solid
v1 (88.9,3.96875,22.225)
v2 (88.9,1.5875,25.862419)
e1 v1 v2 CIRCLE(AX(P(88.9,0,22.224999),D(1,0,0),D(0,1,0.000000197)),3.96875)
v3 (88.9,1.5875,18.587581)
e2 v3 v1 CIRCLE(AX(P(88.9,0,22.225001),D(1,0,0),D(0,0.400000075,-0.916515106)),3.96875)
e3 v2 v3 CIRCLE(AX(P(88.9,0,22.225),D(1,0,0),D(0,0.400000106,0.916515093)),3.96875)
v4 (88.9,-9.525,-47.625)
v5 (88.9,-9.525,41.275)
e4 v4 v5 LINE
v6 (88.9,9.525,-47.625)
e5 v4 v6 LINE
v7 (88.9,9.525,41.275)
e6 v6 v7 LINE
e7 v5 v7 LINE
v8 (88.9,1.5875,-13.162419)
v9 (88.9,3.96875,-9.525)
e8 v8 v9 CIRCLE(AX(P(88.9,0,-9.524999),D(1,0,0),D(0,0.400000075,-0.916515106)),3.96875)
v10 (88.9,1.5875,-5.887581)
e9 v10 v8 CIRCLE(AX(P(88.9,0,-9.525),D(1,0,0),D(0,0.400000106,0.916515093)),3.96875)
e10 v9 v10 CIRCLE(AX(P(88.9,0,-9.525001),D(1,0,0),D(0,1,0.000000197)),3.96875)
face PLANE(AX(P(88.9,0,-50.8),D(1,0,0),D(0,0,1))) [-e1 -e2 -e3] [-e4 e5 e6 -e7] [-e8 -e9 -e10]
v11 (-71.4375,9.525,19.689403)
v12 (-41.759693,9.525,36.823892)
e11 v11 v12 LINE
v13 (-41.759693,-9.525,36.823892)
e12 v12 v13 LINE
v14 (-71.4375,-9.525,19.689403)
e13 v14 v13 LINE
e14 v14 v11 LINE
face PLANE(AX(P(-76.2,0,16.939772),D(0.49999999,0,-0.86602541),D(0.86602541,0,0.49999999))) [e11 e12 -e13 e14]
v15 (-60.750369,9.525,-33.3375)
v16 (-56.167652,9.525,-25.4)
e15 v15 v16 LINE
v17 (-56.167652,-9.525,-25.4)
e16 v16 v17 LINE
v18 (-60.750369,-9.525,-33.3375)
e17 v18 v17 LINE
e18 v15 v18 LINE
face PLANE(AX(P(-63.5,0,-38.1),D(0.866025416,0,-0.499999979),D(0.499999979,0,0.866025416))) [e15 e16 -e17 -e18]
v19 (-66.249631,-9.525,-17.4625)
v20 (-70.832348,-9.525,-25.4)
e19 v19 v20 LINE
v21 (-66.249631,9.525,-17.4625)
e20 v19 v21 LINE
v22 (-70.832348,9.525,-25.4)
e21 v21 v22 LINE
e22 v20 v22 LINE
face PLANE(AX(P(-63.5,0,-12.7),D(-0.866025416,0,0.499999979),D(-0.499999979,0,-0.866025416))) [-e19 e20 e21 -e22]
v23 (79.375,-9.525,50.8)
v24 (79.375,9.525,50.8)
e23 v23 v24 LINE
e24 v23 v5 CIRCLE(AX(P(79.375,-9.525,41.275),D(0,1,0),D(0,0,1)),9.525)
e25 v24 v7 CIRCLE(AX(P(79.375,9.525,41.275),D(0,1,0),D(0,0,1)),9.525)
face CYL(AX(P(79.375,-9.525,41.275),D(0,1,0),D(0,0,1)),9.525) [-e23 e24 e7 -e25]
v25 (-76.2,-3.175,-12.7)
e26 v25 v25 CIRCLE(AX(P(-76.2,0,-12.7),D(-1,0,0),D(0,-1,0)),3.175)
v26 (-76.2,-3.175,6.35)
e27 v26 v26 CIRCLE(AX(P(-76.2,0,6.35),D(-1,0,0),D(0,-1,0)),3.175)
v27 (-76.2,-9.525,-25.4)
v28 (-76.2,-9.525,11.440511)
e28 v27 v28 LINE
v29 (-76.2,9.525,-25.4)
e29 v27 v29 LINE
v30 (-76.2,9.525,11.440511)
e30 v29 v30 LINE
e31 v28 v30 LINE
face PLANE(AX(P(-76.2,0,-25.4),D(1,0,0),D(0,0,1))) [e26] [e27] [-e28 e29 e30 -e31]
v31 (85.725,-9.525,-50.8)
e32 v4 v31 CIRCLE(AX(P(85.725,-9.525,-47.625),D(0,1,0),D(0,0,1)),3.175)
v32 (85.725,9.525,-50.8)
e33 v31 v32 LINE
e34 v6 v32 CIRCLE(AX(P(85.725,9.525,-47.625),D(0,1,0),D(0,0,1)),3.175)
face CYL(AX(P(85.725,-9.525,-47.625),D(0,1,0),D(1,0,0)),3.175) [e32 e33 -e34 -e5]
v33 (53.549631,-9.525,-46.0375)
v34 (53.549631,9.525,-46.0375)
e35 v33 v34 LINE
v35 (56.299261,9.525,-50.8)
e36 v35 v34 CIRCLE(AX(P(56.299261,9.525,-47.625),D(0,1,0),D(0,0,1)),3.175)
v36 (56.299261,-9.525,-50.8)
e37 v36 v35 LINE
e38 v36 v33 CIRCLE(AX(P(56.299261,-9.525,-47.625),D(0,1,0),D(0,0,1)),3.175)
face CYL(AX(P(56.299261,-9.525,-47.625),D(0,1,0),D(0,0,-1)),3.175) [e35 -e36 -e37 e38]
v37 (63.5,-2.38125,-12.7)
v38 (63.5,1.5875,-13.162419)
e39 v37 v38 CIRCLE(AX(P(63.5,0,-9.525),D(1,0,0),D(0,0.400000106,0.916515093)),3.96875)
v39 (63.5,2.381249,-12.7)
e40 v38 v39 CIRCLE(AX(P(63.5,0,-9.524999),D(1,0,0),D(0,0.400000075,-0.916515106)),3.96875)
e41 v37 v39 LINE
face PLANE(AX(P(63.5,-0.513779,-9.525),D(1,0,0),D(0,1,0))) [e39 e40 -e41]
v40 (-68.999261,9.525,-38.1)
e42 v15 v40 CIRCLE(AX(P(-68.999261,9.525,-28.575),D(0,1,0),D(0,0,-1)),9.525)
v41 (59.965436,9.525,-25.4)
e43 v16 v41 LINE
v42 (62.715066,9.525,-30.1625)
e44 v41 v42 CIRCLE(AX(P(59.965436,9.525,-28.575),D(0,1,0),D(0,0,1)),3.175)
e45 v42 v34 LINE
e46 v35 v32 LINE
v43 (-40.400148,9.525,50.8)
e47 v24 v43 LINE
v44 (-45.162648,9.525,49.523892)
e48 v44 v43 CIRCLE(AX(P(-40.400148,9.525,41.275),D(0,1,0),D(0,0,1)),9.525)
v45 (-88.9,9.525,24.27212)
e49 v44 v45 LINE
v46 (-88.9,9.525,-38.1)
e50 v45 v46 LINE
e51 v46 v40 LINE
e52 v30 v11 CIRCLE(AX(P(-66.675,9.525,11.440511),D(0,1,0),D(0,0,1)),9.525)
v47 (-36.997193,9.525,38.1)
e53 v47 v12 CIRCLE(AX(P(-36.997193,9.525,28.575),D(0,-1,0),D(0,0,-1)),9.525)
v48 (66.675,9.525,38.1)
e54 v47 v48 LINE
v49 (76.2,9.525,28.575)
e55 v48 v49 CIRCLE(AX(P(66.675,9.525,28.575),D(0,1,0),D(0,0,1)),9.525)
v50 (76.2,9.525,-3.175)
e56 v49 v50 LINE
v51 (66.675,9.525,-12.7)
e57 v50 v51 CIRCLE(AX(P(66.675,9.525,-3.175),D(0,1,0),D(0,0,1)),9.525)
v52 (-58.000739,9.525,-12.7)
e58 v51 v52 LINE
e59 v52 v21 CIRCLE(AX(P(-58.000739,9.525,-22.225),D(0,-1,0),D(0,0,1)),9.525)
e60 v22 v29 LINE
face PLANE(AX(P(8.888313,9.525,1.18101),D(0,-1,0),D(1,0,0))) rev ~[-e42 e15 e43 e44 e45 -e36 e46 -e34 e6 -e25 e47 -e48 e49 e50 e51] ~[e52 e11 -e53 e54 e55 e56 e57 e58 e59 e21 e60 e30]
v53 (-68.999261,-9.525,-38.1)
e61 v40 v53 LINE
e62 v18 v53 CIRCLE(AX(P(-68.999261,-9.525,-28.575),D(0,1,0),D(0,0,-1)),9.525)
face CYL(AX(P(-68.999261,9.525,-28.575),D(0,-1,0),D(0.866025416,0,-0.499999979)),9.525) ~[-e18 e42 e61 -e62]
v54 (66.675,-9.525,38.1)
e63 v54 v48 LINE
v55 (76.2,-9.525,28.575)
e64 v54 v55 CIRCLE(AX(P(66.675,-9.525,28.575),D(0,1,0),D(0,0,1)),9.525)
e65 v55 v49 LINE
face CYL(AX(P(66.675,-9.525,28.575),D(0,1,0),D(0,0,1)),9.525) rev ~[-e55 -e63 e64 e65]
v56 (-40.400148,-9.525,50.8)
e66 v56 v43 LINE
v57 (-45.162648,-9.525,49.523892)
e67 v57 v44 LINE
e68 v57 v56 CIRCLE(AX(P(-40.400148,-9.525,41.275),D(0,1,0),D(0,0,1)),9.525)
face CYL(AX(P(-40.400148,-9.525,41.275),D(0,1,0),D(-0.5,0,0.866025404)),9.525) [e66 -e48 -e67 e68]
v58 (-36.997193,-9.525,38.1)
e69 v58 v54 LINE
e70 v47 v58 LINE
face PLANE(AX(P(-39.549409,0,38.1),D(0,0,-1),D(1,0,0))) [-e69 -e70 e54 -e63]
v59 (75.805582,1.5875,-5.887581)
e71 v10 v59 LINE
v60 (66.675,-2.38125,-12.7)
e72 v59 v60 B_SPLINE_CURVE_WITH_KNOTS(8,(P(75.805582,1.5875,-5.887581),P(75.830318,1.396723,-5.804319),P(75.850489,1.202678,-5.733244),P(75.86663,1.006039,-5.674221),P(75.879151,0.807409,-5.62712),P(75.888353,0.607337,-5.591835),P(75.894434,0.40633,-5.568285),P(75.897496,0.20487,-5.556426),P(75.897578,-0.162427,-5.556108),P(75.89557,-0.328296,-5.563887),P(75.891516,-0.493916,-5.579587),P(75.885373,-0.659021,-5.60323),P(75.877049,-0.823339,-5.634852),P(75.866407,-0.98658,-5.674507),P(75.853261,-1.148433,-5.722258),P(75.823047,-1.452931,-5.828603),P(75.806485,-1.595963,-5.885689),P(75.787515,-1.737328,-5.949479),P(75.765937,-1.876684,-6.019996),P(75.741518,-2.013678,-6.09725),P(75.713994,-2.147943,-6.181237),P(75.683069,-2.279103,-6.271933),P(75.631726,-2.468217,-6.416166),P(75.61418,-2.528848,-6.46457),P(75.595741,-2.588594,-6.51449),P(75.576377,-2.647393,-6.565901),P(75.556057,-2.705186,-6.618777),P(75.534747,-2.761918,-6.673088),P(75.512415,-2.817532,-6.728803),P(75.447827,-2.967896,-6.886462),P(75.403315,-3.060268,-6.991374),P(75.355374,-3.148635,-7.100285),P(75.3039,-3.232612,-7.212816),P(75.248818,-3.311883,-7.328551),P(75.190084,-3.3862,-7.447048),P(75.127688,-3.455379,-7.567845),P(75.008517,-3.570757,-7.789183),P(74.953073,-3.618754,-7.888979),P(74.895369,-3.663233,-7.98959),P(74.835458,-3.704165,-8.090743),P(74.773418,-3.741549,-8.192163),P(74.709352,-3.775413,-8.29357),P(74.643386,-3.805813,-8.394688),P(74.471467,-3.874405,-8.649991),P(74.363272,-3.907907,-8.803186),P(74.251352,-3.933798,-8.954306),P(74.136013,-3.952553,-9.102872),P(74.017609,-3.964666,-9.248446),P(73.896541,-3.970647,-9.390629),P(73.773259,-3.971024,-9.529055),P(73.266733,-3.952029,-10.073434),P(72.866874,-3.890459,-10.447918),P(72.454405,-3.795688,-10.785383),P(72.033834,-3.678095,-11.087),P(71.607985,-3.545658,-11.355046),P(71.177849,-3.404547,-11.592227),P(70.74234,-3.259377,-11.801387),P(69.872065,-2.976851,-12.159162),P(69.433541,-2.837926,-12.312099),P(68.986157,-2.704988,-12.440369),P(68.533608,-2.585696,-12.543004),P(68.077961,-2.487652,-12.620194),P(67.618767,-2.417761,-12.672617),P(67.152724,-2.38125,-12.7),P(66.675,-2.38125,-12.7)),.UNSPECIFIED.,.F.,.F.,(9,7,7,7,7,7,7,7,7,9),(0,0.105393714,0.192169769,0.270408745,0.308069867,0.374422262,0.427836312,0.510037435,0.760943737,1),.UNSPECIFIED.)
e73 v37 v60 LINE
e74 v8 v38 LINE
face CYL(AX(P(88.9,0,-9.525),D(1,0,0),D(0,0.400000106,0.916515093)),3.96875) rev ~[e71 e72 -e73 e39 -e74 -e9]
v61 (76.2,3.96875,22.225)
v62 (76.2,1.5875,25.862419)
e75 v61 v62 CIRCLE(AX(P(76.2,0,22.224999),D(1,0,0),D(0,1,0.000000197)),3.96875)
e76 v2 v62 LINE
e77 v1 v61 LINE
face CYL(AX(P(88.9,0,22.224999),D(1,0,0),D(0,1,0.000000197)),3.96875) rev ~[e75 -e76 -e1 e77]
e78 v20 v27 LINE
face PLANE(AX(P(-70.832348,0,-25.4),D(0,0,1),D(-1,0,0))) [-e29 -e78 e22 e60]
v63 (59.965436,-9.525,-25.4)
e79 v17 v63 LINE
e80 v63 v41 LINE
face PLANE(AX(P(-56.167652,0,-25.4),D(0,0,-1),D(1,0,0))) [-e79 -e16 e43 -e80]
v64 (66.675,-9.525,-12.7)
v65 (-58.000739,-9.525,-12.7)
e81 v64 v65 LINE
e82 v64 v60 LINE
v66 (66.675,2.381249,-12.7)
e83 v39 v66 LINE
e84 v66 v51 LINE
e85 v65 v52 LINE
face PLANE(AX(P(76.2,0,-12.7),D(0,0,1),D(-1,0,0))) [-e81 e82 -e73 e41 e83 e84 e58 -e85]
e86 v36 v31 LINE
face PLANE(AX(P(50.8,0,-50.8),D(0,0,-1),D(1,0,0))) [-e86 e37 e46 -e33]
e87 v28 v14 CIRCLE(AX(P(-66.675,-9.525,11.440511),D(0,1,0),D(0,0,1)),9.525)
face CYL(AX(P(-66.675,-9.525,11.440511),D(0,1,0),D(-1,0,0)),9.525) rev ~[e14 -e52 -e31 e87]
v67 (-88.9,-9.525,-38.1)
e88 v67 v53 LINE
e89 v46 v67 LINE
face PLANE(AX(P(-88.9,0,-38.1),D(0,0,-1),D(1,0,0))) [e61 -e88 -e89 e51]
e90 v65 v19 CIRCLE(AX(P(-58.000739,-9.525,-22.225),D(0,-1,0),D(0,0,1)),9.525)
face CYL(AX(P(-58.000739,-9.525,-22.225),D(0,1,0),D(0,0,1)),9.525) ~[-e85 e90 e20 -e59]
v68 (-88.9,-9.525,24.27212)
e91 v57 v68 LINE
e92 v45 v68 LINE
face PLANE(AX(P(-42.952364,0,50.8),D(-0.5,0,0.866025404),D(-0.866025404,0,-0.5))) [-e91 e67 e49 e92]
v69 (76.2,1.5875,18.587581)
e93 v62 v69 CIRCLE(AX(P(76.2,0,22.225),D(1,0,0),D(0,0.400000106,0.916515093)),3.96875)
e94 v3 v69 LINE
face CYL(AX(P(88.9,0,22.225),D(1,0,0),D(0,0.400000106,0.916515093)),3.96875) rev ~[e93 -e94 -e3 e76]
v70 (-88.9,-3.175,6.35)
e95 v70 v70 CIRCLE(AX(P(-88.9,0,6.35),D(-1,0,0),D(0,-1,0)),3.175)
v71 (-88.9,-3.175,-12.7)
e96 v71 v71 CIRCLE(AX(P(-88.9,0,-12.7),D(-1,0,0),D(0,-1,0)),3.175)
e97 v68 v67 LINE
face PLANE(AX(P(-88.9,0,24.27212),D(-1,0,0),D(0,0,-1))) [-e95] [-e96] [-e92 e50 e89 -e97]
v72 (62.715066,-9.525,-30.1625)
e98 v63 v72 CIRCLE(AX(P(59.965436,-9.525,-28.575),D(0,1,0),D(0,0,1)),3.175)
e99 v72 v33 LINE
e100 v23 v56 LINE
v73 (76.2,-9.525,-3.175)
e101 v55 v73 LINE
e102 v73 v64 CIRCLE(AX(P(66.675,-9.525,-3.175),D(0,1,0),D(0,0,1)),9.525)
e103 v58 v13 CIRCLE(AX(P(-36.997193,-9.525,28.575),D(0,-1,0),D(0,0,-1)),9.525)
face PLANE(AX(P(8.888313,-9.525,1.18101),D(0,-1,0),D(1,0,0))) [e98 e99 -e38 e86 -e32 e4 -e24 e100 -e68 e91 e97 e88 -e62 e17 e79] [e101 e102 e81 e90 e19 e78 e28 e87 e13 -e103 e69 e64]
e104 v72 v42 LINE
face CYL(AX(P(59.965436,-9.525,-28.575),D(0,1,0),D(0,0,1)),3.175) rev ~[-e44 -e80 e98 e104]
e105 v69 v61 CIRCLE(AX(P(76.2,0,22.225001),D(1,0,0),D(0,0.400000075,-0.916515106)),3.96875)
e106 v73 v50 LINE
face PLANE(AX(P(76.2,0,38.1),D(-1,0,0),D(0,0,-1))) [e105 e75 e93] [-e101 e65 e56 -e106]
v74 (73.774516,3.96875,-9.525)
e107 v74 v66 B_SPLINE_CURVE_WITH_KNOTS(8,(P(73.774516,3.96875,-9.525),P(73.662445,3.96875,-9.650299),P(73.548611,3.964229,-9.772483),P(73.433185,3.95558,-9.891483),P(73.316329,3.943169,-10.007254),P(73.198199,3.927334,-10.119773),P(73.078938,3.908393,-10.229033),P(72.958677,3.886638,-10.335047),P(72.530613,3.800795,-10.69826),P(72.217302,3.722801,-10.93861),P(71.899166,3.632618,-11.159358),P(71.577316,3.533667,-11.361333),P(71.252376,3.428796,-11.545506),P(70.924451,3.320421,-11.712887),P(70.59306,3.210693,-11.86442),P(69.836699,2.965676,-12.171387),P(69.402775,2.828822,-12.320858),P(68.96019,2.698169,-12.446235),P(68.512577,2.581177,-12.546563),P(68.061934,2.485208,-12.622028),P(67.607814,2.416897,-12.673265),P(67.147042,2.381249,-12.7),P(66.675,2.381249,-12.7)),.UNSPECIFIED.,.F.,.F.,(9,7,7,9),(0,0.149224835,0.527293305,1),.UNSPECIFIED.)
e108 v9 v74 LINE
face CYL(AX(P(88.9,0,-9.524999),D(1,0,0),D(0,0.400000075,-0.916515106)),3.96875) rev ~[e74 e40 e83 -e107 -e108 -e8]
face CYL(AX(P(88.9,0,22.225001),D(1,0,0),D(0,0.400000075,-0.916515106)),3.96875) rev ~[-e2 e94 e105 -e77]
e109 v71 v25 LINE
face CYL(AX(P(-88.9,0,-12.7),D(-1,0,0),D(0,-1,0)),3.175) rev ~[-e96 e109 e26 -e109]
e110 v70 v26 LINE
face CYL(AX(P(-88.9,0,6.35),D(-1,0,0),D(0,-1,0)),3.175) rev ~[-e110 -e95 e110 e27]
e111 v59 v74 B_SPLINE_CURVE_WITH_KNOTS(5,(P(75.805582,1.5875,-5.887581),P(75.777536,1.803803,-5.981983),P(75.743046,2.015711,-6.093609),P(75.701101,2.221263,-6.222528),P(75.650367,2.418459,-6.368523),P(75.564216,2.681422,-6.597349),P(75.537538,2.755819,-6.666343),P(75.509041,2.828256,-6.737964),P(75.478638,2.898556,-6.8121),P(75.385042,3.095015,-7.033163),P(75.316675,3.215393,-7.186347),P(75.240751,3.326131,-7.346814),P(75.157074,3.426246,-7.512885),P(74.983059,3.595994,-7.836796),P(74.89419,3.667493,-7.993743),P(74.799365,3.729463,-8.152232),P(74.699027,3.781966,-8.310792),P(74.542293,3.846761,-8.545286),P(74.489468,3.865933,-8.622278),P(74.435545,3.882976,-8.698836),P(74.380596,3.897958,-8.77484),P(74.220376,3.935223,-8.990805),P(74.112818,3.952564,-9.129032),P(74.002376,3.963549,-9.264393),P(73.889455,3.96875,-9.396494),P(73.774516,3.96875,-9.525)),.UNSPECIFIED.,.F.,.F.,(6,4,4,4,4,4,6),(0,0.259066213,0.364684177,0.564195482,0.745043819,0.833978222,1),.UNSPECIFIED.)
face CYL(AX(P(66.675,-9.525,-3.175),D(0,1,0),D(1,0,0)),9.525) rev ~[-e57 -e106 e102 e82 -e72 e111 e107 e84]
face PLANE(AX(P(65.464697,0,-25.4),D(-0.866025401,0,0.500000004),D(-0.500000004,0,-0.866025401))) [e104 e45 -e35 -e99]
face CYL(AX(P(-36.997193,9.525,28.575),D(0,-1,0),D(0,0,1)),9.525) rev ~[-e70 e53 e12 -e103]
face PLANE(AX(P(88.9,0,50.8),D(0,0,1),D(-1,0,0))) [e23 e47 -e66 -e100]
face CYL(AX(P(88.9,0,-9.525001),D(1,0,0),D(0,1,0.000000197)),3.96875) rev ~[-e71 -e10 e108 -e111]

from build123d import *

# Parameters (mm, degrees)
F1_DEPTH      = 9.525
F1_DEPTH_BACK = 9.525
F2_R          = 9.525
F3_R          = 3.175
F4_R          = 3.175
F5_DEPTH      = 12.7
F7_DEPTH      = 25.4


with BuildPart() as f1:
    # F0 (on Front) → F1 (new body, two sides)
    with BuildSketch(Plane.XZ) as f1_sk:
        Polygon((-42.952364, 50.8), (-88.9, 24.27212), (-88.9, -38.1), (-63.5, -38.1), (-56.167652, -25.4), (65.464697, -25.4), (50.8, -50.8), (88.9, -50.8), (88.9, 50.8), align=None)
        Polygon((-39.549409, 38.1), (76.2, 38.1), (76.2, -12.7), (-63.5, -12.7), (-70.832348, -25.4), (-76.2, -25.4), (-76.2, 16.939772), align=None, mode=Mode.SUBTRACT)
    extrude(amount=F1_DEPTH)
    extrude(f1_sk.sketch, amount=-F1_DEPTH_BACK)

    # F2
    f2_edges = [f1.edges().sort_by_distance(p)[0] for p in [
        (88.9, 0, 50.8),
        (-42.952364, 0, 50.8),
        (-63.5, 0, -38.1),
        (-76.2, 0, 16.939772),
        (-39.549409, 0, 38.1),
        (76.2, 0, 38.1),
        (-63.5, 0, -12.7),
        (76.2, 0, -12.7),
    ]]
    fillet(f2_edges, radius=F2_R)

    # F3
    f3_edges = [f1.edges().sort_by_distance(p)[0] for p in [
        (50.8, 0, -50.8),
        (65.464697, 0, -25.4),
        (88.9, 0, -50.8),
    ]]
    fillet(f3_edges, radius=F3_R)

    # F4 (on face) → F5 (cut, through all)
    with BuildSketch(Plane(origin=(-88.9, 0, 0), x_dir=(0, -1, 0), z_dir=(-1, 0, 0))):
        with Locations((0, -12.7)):
            Circle(F4_R)
        with Locations((0, 6.35)):
            Circle(F4_R)
    extrude(amount=-F5_DEPTH, mode=Mode.SUBTRACT)

    # F6 (on face) → F7 (cut)
    with BuildSketch(Plane.YZ.offset(88.9)):
        with BuildLine():
            Line((1.5875, -13.162419), (1.5875, -5.887581))
            ThreePointArc((1.5875, -5.887581), (-3.96875, -9.525), (1.5875, -13.162419))
        make_face()
        with BuildLine():
            ThreePointArc((3.96875, -9.525), (3.320494, -7.351226), (1.5875, -5.887581))
            Line((1.5875, -5.887581), (1.5875, -13.162419))
            ThreePointArc((1.5875, -13.162419), (3.320494, -11.698774), (3.96875, -9.525))
        make_face()
        with BuildLine():
            ThreePointArc((1.5875, 18.587581), (3.320494, 20.051226), (3.96875, 22.225))
            ThreePointArc((3.96875, 22.225), (3.320494, 24.398774), (1.5875, 25.862419))
            Line((1.5875, 25.862419), (1.5875, 18.587581))
        make_face()
        with BuildLine():
            Line((1.5875, 18.587581), (1.5875, 25.862419))
            ThreePointArc((1.5875, 25.862419), (-3.96875, 22.225), (1.5875, 18.587581))
        make_face()
    extrude(amount=-F7_DEPTH, mode=Mode.SUBTRACT)


solid = f1.part
